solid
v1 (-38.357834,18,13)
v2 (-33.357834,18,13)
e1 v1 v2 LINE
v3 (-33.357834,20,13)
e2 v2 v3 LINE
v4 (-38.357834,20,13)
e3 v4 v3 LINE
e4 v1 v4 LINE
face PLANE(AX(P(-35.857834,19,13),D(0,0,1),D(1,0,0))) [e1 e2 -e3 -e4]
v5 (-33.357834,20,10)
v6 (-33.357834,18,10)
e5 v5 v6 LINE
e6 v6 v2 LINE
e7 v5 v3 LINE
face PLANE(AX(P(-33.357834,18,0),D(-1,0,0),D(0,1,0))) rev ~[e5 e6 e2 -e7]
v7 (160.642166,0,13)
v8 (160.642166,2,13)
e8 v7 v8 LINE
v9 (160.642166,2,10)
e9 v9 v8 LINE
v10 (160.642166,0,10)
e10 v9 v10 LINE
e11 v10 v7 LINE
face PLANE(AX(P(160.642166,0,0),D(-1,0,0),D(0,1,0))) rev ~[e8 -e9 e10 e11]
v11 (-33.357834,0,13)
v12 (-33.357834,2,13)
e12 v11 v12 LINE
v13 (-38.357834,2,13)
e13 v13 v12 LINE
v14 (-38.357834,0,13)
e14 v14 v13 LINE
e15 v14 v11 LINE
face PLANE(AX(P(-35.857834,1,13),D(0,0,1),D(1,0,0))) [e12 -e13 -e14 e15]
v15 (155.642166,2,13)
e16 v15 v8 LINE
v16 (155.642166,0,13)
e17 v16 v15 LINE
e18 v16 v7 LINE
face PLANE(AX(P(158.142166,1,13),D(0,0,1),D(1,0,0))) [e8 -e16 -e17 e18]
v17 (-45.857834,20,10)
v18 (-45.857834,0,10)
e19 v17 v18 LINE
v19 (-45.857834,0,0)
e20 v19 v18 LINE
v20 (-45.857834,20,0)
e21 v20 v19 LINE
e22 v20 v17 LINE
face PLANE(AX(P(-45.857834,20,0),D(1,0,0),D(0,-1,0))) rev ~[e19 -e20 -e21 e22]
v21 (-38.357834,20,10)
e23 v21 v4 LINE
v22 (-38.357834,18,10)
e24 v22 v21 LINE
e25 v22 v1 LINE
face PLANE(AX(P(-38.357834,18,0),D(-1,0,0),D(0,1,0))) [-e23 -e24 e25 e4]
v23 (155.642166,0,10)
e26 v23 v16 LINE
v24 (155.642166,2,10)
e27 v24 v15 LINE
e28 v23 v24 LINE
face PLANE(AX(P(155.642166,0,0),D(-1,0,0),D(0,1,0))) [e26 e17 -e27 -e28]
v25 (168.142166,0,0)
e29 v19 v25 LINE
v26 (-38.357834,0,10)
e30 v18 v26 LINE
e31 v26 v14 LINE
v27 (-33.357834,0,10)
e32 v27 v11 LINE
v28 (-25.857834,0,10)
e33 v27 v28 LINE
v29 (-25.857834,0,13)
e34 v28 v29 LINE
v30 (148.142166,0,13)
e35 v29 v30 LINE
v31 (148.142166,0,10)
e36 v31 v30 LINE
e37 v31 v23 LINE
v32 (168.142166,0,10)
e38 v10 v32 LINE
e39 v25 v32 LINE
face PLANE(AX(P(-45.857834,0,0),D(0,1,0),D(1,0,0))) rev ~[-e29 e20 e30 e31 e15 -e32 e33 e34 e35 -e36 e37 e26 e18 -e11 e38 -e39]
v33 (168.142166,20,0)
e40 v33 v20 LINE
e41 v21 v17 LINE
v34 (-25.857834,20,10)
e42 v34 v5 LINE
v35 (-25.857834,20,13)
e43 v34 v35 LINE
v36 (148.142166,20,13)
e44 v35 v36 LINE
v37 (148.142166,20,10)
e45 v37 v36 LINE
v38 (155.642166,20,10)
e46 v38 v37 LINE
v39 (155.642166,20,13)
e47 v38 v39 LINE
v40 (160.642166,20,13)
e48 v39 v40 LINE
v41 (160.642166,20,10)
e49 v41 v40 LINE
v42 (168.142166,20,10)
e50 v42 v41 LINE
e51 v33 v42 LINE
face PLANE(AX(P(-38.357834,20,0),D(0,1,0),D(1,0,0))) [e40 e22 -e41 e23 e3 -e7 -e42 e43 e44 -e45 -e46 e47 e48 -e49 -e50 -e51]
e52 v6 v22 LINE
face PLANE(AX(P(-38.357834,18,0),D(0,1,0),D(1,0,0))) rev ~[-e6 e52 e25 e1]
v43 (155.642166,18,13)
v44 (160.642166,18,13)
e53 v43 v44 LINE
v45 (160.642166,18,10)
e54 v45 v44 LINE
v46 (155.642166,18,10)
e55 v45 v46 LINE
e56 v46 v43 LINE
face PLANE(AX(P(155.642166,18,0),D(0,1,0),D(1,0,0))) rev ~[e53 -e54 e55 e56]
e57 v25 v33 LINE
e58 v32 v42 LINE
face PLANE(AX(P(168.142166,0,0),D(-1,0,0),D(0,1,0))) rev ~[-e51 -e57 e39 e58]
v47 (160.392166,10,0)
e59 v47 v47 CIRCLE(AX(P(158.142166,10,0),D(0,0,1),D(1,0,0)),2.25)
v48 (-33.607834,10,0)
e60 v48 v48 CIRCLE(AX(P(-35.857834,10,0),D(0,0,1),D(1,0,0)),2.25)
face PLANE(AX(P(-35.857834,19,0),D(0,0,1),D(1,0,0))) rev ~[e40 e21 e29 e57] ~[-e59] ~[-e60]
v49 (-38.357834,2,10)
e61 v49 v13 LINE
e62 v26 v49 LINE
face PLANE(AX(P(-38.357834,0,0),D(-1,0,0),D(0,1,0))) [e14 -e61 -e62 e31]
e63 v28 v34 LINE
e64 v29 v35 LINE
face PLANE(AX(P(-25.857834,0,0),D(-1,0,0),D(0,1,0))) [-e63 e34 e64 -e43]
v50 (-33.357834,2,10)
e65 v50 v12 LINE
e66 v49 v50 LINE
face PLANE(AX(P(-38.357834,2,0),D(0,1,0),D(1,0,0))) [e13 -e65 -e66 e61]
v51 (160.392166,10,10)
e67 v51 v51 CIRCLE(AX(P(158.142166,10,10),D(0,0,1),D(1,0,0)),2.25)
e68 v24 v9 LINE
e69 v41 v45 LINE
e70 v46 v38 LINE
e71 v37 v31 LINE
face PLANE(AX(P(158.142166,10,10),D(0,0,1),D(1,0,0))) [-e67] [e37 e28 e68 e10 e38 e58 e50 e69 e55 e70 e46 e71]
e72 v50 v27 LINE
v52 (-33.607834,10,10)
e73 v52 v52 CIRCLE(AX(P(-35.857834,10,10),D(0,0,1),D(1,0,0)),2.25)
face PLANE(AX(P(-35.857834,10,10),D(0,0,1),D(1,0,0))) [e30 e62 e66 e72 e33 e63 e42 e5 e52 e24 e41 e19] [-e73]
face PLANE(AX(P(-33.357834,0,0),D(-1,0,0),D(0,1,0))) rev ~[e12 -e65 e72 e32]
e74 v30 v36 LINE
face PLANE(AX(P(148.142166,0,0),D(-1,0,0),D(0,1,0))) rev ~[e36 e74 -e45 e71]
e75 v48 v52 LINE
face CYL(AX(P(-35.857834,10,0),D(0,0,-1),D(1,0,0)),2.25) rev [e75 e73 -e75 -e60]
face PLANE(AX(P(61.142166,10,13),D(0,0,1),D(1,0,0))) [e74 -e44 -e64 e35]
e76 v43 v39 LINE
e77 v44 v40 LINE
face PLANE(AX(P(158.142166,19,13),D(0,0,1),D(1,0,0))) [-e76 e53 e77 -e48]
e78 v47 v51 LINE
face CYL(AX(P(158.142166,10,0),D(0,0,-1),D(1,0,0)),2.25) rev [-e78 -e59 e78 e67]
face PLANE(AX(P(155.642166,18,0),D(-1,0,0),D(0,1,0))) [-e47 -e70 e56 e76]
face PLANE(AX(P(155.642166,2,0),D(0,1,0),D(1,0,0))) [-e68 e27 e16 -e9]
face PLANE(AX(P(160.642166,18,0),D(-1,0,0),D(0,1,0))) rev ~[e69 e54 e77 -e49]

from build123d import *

# Parameters (mm, degrees)
F0_W     = 174
F0_H     = 20
F1_DEPTH = 13
F0_R     = 2.25
F2_DEPTH = 10
F0_W_2   = 5
F0_H_2   = 2
F3_DEPTH = 13


with BuildPart() as f1:
    # F0 (on Top) → F1 (new body)
    with BuildSketch(Plane.XY):
        with Locations((61.142166, 10)):
            Rectangle(F0_W, F0_H)
    extrude(amount=F1_DEPTH)

    # F0 (on Top) → F2 (join)
    with BuildSketch(Plane.XY):
        Polygon((-45.857834, 20), (-45.857834, 0), (-38.357834, 0), (-38.357834, 2), (-33.357834, 2), (-33.357834, 0), (-25.857834, 0), (-25.857834, 20), (-33.357834, 20), (-33.357834, 18), (-38.357834, 18), (-38.357834, 20), align=None)
        with Locations((-35.857834, 10)):
            Circle(F0_R, mode=Mode.SUBTRACT)
        Polygon((148.142166, 20), (148.142166, 0), (155.642166, 0), (155.642166, 2), (160.642166, 2), (160.642166, 0), (168.142166, 0), (168.142166, 20), (160.642166, 20), (160.642166, 18), (155.642166, 18), (155.642166, 20), align=None)
        with Locations((158.142166, 10)):
            Circle(F0_R, mode=Mode.SUBTRACT)
    extrude(amount=F2_DEPTH)

    # F0 (on Top) → F3 (join)
    with BuildSketch(Plane.XY):
        with Locations((-35.857834, 19)):
            Rectangle(F0_W_2, F0_H_2)
        with Locations((-35.857834, 1)):
            Rectangle(F0_W_2, F0_H_2)
        with Locations((158.142166, 19)):
            Rectangle(F0_W_2, F0_H_2)
        with Locations((158.142166, 1)):
            Rectangle(F0_W_2, F0_H_2)
    extrude(amount=F3_DEPTH)


solid = f1.part
